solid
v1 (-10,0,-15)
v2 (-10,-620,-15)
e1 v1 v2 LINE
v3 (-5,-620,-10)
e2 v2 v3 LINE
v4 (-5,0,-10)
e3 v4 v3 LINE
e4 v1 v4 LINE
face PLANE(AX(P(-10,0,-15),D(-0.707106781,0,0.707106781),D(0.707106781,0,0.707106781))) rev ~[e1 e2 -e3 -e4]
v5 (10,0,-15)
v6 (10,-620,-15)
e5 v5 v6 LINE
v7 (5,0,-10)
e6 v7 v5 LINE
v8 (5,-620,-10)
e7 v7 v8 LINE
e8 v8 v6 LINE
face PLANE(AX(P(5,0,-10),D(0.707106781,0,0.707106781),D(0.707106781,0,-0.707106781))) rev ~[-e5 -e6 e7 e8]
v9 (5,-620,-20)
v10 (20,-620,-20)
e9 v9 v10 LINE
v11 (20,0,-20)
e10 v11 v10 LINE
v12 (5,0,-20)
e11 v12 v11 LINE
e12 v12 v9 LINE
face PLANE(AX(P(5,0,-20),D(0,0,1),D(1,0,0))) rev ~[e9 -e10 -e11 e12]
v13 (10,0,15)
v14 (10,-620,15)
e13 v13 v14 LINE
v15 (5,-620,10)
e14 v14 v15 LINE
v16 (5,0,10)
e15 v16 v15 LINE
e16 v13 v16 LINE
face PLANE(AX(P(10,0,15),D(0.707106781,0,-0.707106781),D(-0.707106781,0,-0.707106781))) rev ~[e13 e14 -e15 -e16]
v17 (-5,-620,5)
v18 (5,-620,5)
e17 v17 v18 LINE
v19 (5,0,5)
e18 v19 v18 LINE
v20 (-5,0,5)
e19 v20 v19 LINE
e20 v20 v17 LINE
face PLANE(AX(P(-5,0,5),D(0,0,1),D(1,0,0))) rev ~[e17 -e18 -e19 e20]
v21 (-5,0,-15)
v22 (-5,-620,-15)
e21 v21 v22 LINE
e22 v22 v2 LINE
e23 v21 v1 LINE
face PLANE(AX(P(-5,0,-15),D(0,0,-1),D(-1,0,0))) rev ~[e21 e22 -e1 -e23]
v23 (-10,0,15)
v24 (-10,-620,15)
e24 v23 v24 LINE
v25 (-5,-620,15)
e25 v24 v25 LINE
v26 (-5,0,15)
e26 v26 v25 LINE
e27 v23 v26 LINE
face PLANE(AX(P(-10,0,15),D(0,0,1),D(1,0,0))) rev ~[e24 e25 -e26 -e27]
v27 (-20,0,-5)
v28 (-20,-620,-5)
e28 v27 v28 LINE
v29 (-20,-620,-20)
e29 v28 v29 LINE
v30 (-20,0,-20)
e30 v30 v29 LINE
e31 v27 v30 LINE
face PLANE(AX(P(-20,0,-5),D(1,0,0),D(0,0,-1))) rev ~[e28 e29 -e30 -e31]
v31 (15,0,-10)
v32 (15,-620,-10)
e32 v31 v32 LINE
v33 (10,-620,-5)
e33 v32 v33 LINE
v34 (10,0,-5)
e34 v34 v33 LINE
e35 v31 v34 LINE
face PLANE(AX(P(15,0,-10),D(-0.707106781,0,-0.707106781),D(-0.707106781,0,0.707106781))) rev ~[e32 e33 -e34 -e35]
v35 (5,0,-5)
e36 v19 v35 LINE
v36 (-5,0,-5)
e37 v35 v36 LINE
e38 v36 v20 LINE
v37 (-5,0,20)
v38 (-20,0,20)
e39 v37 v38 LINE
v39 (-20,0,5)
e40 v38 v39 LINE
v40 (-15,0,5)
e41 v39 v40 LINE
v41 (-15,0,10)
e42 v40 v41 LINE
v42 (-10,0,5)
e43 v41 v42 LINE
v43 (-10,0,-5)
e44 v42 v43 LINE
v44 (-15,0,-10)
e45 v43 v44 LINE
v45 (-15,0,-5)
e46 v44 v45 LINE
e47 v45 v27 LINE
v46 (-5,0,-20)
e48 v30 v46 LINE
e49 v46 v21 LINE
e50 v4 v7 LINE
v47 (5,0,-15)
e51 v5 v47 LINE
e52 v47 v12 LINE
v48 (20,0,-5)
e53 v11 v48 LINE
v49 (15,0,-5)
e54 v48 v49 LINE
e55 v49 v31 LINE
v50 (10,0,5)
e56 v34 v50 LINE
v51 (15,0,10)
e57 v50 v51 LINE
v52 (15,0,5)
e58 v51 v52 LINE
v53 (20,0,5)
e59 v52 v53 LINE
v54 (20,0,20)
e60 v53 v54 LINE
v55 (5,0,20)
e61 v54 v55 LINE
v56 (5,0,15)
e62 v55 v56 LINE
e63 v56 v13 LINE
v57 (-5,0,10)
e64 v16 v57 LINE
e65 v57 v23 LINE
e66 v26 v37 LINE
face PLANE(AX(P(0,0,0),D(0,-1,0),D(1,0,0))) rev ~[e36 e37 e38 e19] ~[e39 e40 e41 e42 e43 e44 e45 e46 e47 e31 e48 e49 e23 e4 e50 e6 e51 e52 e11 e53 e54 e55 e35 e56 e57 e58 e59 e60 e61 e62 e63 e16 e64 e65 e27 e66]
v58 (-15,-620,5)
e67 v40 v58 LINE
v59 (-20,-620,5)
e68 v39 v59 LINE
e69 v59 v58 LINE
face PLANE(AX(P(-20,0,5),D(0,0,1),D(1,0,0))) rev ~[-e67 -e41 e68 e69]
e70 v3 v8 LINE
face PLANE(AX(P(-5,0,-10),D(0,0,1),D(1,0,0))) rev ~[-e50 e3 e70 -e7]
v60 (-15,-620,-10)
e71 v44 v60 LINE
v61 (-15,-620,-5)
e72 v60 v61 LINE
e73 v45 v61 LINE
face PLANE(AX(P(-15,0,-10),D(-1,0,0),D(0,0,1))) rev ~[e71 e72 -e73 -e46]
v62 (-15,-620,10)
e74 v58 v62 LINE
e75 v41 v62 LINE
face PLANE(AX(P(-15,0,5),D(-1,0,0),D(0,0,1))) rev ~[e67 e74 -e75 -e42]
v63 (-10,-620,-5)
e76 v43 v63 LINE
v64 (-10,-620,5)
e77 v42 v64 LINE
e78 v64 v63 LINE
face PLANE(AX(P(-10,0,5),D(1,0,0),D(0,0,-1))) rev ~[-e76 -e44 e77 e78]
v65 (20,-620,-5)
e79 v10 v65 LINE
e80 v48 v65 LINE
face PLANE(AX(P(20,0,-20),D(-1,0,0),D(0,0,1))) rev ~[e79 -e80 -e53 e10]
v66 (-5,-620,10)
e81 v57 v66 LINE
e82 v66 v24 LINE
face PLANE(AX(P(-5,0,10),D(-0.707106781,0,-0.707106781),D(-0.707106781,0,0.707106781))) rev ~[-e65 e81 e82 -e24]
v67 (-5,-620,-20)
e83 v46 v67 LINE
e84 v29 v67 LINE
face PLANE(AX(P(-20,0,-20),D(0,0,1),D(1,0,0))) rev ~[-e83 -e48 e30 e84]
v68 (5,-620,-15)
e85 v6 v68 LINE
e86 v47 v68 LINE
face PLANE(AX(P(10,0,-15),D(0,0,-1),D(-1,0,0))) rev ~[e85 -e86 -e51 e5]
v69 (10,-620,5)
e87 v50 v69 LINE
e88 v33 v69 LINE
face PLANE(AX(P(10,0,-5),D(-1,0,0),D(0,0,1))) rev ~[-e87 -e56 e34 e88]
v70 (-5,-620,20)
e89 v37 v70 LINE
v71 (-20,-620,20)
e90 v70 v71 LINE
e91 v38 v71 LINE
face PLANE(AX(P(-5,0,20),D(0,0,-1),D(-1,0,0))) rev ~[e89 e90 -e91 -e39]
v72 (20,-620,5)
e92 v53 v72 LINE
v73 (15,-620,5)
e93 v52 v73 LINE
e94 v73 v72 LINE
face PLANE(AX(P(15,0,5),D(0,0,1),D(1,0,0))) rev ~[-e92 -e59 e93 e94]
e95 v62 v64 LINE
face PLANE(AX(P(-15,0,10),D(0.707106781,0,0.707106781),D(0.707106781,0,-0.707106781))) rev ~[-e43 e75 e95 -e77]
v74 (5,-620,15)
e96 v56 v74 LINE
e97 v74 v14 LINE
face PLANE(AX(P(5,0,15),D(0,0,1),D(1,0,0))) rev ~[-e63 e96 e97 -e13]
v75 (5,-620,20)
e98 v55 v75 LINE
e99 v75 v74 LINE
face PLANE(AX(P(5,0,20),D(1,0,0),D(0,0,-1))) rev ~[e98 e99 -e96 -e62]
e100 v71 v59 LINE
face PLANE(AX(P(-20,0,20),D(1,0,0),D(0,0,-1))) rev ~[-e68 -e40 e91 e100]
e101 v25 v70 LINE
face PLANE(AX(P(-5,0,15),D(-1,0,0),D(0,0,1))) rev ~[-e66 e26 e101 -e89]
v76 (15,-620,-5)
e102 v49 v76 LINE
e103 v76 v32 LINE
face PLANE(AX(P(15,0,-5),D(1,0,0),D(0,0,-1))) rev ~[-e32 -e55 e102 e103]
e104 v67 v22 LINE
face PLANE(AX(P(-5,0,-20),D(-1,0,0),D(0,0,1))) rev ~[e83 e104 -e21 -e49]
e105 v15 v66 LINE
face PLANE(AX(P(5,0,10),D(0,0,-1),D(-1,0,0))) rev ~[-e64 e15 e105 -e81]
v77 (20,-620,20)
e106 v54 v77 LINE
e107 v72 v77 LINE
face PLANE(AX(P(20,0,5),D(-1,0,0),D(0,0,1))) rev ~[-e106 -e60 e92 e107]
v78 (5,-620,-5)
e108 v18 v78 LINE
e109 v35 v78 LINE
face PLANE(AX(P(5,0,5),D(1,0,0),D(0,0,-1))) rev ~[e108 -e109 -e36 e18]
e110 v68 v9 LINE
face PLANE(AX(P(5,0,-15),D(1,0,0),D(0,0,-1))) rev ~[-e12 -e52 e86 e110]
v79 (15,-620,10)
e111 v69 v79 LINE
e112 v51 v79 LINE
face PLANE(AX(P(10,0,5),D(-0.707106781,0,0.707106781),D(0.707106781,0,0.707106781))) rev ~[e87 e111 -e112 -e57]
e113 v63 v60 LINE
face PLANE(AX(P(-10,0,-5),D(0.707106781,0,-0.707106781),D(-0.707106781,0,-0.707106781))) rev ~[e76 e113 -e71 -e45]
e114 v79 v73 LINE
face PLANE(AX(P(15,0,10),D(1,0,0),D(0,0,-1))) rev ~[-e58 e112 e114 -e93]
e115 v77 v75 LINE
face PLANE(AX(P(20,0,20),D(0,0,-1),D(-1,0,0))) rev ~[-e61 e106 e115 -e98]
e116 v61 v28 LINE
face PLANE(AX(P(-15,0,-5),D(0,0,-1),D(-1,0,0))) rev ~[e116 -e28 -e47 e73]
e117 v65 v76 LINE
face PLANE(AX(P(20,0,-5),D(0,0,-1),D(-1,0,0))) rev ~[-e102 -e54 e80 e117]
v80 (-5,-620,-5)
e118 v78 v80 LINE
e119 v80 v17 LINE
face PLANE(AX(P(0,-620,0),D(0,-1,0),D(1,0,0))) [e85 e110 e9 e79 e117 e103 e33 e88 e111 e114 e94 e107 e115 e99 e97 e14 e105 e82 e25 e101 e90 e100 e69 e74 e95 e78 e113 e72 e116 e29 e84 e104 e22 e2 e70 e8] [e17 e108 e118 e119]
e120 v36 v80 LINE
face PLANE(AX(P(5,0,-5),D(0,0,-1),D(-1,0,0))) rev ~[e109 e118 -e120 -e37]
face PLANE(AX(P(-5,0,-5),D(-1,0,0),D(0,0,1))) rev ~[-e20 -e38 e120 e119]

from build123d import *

# Parameters (mm, degrees)
F1_DEPTH = 620


with BuildPart() as f1:
    # F0 (on Front) → F1 (new body)
    with BuildSketch(Plane.XZ):
        Polygon((20, 5), (20, 20), (5, 20), (5, 15), (10, 15), (5, 10), (-5, 10), (-10, 15), (-5, 15), (-5, 20), (-20, 20), (-20, 5), (-15, 5), (-15, 10), (-10, 5), (-10, -5), (-15, -10), (-15, -5), (-20, -5), (-20, -20), (-5, -20), (-5, -15), (-10, -15), (-5, -10), (5, -10), (10, -15), (5, -15), (5, -20), (20, -20), (20, -5), (15, -5), (15, -10), (10, -5), (10, 5), (15, 10), (15, 5), align=None)
        Polygon((-5, 0), (-5, 5), (0, 5), (5, 5), (5, 0), (5, -5), (0, -5), (-5, -5), align=None, mode=Mode.SUBTRACT)
    extrude(amount=F1_DEPTH)


solid = f1.part
